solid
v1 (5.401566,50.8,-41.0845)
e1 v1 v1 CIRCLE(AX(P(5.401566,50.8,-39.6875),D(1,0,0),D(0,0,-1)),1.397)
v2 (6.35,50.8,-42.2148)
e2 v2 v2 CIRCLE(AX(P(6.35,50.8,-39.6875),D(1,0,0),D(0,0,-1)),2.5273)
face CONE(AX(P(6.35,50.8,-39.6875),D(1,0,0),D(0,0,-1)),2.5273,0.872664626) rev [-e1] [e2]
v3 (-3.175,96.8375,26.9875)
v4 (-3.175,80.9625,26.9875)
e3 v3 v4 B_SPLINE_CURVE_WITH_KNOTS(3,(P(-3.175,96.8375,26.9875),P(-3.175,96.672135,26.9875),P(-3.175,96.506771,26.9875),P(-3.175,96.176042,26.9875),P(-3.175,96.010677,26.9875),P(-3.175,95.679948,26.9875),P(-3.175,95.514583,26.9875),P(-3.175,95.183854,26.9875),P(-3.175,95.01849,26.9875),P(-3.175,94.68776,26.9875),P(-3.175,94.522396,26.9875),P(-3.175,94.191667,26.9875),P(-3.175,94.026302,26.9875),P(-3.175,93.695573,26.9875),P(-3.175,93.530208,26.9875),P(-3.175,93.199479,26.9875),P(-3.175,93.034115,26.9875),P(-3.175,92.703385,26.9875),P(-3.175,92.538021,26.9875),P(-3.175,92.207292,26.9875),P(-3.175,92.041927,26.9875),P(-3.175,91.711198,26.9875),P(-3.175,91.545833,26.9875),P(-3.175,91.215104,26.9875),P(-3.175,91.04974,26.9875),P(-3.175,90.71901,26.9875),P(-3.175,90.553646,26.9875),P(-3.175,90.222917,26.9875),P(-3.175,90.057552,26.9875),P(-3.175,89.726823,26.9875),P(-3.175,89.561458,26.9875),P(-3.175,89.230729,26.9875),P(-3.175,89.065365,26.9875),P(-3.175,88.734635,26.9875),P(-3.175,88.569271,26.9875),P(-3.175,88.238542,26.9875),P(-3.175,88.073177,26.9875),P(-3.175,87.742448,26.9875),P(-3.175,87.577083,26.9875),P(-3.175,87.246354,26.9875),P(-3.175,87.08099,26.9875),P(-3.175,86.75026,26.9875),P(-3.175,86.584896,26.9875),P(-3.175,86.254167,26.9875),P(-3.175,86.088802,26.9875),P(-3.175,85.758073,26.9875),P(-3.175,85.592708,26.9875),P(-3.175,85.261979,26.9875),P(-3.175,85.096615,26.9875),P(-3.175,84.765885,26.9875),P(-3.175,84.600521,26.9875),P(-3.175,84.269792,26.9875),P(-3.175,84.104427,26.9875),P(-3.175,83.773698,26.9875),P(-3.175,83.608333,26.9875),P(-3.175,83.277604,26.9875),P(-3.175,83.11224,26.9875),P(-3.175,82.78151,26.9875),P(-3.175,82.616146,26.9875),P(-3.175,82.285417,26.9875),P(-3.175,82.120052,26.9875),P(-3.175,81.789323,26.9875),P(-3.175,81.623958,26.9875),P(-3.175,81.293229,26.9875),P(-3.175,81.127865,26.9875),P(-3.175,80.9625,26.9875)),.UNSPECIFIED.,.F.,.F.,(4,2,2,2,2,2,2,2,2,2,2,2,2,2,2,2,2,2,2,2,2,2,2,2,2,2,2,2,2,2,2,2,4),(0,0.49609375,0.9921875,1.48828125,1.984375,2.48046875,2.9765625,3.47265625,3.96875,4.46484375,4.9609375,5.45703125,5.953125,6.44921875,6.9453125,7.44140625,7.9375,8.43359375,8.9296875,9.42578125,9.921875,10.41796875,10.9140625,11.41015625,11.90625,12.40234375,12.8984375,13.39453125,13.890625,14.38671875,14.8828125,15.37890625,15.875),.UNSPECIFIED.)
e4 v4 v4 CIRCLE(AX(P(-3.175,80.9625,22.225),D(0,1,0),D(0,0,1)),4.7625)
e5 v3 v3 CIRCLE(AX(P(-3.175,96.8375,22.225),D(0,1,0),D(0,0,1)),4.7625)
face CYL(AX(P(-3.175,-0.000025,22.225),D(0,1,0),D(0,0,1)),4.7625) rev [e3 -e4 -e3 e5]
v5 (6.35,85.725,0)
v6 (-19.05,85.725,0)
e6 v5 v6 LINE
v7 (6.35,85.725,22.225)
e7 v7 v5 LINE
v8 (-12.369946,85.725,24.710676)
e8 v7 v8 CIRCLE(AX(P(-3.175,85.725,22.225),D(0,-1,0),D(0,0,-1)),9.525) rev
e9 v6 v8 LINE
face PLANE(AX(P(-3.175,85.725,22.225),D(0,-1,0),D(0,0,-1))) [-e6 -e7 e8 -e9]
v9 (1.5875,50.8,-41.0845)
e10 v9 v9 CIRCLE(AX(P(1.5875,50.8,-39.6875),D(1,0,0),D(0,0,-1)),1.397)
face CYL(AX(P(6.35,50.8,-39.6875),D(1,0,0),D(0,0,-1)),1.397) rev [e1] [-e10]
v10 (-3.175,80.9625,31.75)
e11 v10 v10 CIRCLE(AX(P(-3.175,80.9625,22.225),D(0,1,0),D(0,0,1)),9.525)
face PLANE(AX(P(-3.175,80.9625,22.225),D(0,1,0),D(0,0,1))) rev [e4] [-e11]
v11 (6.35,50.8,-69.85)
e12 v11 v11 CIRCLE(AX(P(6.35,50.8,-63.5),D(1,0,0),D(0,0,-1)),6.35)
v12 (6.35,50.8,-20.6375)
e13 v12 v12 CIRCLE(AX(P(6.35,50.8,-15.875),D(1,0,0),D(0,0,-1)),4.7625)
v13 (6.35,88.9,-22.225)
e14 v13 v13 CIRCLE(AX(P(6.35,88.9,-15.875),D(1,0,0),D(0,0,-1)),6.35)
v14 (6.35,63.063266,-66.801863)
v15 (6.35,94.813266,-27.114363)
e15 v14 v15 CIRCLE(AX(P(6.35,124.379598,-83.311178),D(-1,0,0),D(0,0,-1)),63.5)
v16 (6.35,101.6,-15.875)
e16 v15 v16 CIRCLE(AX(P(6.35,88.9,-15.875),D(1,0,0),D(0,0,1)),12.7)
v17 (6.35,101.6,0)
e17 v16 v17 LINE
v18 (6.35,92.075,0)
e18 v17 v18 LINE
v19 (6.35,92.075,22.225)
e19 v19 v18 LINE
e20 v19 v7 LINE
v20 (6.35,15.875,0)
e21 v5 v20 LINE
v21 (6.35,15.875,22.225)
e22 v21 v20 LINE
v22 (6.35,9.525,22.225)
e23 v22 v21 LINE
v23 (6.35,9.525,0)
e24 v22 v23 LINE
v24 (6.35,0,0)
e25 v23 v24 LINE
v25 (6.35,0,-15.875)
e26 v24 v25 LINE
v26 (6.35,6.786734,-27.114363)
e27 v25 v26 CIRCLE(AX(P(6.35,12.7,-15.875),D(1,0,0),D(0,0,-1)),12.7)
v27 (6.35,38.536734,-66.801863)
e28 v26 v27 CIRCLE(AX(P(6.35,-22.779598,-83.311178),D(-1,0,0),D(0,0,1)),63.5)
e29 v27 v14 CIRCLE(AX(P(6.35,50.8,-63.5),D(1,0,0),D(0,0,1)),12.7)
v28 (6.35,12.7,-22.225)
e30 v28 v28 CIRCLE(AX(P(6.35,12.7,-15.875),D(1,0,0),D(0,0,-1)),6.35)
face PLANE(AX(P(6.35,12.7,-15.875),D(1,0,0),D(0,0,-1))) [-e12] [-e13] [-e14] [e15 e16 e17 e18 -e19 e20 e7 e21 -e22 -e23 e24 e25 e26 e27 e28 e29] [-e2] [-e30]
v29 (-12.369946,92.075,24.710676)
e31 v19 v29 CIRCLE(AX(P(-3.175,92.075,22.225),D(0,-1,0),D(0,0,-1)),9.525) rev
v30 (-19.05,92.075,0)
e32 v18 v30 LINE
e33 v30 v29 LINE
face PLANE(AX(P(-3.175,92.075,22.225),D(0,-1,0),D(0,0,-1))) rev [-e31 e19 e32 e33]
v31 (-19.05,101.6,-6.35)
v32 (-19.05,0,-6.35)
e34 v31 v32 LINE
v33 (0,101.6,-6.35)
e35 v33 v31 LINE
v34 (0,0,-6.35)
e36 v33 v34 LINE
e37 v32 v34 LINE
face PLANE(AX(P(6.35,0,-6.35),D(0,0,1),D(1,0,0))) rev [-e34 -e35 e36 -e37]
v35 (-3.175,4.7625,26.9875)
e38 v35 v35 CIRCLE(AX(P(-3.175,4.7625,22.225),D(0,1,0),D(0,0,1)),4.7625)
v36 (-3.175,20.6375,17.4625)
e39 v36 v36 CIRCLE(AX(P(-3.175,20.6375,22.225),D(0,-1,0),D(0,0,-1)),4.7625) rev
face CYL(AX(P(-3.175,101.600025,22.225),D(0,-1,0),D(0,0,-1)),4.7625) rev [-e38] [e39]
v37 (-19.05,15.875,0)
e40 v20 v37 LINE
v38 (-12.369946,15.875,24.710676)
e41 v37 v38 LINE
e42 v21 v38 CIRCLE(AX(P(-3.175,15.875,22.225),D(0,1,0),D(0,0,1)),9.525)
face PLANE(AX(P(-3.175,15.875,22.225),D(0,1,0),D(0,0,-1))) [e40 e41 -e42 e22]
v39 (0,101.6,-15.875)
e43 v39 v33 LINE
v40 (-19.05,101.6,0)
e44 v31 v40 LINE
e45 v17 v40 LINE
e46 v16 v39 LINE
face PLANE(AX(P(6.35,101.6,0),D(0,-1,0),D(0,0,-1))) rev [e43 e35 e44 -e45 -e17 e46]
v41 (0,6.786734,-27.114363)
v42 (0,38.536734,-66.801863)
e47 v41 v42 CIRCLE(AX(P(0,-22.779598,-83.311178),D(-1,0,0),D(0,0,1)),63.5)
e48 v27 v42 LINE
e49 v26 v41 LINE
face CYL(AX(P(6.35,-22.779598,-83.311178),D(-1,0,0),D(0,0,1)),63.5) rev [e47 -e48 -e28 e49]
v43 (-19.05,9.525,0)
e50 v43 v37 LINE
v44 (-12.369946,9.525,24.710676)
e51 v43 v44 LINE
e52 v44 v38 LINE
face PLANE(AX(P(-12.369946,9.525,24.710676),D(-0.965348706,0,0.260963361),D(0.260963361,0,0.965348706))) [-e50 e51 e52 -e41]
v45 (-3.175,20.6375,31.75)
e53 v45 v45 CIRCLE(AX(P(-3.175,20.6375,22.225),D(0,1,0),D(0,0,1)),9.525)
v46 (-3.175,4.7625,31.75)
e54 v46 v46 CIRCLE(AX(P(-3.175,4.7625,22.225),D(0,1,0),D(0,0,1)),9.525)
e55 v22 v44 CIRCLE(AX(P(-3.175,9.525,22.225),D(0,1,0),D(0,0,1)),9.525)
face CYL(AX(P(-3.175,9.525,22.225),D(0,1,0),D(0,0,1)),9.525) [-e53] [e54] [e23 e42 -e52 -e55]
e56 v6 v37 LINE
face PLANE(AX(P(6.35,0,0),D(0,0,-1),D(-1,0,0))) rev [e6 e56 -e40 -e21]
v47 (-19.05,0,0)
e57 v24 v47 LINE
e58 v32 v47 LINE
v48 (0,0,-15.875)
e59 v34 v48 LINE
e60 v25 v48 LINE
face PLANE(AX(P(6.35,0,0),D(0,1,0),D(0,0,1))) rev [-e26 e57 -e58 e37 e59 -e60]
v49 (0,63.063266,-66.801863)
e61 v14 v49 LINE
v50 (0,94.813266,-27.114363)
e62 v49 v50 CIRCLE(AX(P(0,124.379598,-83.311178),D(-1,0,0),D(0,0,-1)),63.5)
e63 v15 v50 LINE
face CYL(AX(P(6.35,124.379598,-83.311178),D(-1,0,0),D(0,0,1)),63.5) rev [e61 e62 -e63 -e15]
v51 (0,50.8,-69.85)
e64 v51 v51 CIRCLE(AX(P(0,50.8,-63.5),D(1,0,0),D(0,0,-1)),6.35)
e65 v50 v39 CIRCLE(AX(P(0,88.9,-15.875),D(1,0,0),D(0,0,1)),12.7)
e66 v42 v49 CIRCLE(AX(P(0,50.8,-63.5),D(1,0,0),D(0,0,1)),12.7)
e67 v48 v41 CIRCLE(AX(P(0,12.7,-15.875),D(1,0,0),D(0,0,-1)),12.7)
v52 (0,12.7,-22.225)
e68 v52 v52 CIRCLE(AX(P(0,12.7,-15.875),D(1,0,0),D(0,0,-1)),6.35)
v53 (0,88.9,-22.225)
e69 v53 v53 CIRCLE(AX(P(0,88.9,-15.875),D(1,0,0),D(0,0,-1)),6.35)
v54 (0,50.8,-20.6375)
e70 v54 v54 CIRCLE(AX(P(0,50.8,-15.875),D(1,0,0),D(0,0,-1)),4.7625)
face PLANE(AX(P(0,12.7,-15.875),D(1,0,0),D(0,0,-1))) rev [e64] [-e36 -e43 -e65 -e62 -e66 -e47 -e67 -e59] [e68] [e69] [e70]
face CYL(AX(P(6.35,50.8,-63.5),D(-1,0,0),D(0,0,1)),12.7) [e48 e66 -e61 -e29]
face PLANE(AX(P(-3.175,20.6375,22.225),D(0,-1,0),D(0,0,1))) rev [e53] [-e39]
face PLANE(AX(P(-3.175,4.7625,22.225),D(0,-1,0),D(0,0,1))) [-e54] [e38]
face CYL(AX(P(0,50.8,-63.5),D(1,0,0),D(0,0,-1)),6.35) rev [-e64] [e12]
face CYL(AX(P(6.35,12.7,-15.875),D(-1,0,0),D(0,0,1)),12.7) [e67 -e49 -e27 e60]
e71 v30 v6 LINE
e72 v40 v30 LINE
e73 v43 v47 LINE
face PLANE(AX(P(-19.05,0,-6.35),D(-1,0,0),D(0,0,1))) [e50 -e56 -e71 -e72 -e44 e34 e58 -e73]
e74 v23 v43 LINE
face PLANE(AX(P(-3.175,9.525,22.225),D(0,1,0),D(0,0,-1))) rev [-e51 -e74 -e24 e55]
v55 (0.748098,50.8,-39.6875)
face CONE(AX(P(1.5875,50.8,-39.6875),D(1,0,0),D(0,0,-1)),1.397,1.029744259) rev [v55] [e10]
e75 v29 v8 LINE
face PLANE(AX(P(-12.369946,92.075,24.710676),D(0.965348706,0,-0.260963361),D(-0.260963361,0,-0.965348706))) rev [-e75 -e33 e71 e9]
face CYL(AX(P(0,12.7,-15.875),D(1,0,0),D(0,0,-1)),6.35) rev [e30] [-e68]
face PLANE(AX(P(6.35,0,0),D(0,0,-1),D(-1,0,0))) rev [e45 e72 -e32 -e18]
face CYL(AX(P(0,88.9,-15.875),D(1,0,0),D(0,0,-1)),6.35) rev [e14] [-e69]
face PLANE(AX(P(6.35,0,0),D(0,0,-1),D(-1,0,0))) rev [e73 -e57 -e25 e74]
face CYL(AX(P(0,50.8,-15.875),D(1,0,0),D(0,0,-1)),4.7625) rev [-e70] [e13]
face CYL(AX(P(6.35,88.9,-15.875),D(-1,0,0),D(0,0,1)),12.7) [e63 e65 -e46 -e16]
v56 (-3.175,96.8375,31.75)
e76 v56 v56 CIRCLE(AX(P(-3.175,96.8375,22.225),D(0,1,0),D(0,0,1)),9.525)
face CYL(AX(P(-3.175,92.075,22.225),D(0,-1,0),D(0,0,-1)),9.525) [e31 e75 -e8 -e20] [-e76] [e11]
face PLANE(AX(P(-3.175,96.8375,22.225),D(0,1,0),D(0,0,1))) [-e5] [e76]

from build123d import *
from build123d.topology import SkipClean

# Parameters (mm, degrees)
BASE_EXTRUDE_DEPTH                                = 6.35
SKETCH4_R                                         = 6.35
SKETCH4_R_2                                       = 4.7625
CUT_EXTRUDE1_DEPTH                                = 128.158650905
SKETCH3_W                                         = 25.4
SKETCH3_H                                         = 101.6
BOSS_EXTRUDE1_DEPTH                               = 6.35
BOSS_EXTRUDE2_DEPTH                               = 3.175
SKETCH6_R                                         = 9.525
BOSS_EXTRUDE3_DEPTH                               = 7.9375
SKETCH7_R                                         = 4.7625
CUT_EXTRUDE2_DEPTH                                = 125.686983708
CSK_FOR_3_FLAT_HEAD_MACHINE_SCREW_100_D           = 2.794
CSK_FOR_3_FLAT_HEAD_MACHINE_SCREW_100_DEPTH       = 4.7625
CSK_FOR_3_FLAT_HEAD_MACHINE_SCREW_100_CSINK_D     = 5.0546
CSK_FOR_3_FLAT_HEAD_MACHINE_SCREW_100_CSINK_ANGLE = 100
CSK_FOR_3_FLAT_HEAD_MACHINE_SCREW_100_TIP         = 0.839402285


with BuildPart() as part:
    # Sketch2 → Base-Extrude (new body)
    with BuildSketch(Plane(origin=(0, 0, 0), x_dir=(0, 0, -1), z_dir=(1, 0, 0))):
        with BuildLine():
            Line((0, 0), (0, 101.6))
            Line((0, 101.6), (15.875, 101.6))
            ThreePointArc((15.875, 101.6), (22.439736017, 99.771717483), (27.114363043, 94.813266304))
            ThreePointArc((27.114363043, 94.813266304), (43.64304274, 74.794428425), (66.801863043, 63.063266304))
            ThreePointArc((66.801863043, 63.063266304), (76.2, 50.8), (66.801863043, 38.536733696))
            ThreePointArc((66.801863043, 38.536733696), (43.64304274, 26.805571575), (27.114363043, 6.786733696))
            ThreePointArc((27.114363043, 6.786733696), (22.439736017, 1.828282517), (15.875, 0))
            Line((15.875, 0), (0, 0))
        make_face()
    extrude(amount=BASE_EXTRUDE_DEPTH)

    # Sketch4 → Cut-Extrude1 (cut, through all)
    with BuildSketch(Plane(origin=(6.35, 0, 0), x_dir=(0, 0, -1), z_dir=(1, 0, 0))):
        with Locations((63.5, 50.8)):
            Circle(SKETCH4_R)
        with Locations((15.875, 88.9)):
            Circle(SKETCH4_R)
        with Locations((15.875, 12.7)):
            Circle(SKETCH4_R)
        with Locations((15.875, 50.8)):
            Circle(SKETCH4_R_2)
    extrude(amount=-CUT_EXTRUDE1_DEPTH, mode=Mode.SUBTRACT)

    # Sketch3 → Boss-Extrude1 (add)
    with BuildSketch(Plane.XY):
        with Locations((-6.35, 50.8)):
            Rectangle(SKETCH3_W, SKETCH3_H)
    extrude(amount=-BOSS_EXTRUDE1_DEPTH)

    # Sketch5 → Boss-Extrude2 (add, symmetric)
    with BuildSketch(Plane(origin=(0, 88.9, 0), x_dir=(-1, 0, 0), z_dir=(0, 1, 0))):
        with BuildLine():
            Line((19.05, 0), (-6.35, 0))
            Line((-6.35, 0), (-6.35, 22.225))
            ThreePointArc((-6.35, 22.225), (1.921253552, 31.667126076), (12.369946424, 24.710676017))
            Line((12.369946424, 24.710676017), (19.05, 0))
        make_face()
    boss_extrude2 = extrude(amount=BOSS_EXTRUDE2_DEPTH, both=True)

    # Sketch6 → Boss-Extrude3 (add, symmetric)
    with SkipClean():  # the faces are left unmerged after this step: merging them gives an invalid solid
        with BuildSketch(Plane(origin=(0, 88.9, 0), x_dir=(-1, 0, 0), z_dir=(0, 1, 0))):
            with Locations(Location((3.175, 22.225, 0), (0, 0, 90))):
                Circle(SKETCH6_R)
        boss_extrude3 = extrude(amount=BOSS_EXTRUDE3_DEPTH, both=True)

    # Sketch7 → Cut-Extrude2 (cut, through all)
    with SkipClean():  # the faces are left unmerged after this step: merging them gives an invalid solid
        with BuildSketch(Plane(origin=(0, 96.8375, 0), x_dir=(-1, 0, 0), z_dir=(0, 1, 0))):
            with Locations(Location((3.175, 22.225, 0), (0, 0, 90))):
                Circle(SKETCH7_R)
        cut_extrude2 = extrude(amount=-CUT_EXTRUDE2_DEPTH, mode=Mode.SUBTRACT)

    # Mirror2: Boss-Extrude2, Boss-Extrude3, Cut-Extrude2 across plane
    with SkipClean():  # the faces are left unmerged after this step: merging them gives an invalid solid
        add(boss_extrude2.mirror(Plane.ZX.offset(50.8)))
        add(boss_extrude3.mirror(Plane.ZX.offset(50.8)))
        add(cut_extrude2.mirror(Plane.ZX.offset(50.8)), mode=Mode.SUBTRACT)

    # CSK for #3 Flat Head Machine Screw (100)1
    with Locations(Plane(origin=(6.35, 0, 0), x_dir=(0, 0, -1), z_dir=(1, 0, 0))):
        with Locations((39.6875, 50.8)):
            CounterSinkHole(CSK_FOR_3_FLAT_HEAD_MACHINE_SCREW_100_D / 2, CSK_FOR_3_FLAT_HEAD_MACHINE_SCREW_100_CSINK_D / 2, depth=CSK_FOR_3_FLAT_HEAD_MACHINE_SCREW_100_DEPTH, counter_sink_angle=CSK_FOR_3_FLAT_HEAD_MACHINE_SCREW_100_CSINK_ANGLE)
            with Locations((0, 0, -(CSK_FOR_3_FLAT_HEAD_MACHINE_SCREW_100_DEPTH + CSK_FOR_3_FLAT_HEAD_MACHINE_SCREW_100_TIP / 2))):  # 118° drill point
                Cone(0, CSK_FOR_3_FLAT_HEAD_MACHINE_SCREW_100_D / 2, CSK_FOR_3_FLAT_HEAD_MACHINE_SCREW_100_TIP, mode=Mode.SUBTRACT)


solid = part.part
